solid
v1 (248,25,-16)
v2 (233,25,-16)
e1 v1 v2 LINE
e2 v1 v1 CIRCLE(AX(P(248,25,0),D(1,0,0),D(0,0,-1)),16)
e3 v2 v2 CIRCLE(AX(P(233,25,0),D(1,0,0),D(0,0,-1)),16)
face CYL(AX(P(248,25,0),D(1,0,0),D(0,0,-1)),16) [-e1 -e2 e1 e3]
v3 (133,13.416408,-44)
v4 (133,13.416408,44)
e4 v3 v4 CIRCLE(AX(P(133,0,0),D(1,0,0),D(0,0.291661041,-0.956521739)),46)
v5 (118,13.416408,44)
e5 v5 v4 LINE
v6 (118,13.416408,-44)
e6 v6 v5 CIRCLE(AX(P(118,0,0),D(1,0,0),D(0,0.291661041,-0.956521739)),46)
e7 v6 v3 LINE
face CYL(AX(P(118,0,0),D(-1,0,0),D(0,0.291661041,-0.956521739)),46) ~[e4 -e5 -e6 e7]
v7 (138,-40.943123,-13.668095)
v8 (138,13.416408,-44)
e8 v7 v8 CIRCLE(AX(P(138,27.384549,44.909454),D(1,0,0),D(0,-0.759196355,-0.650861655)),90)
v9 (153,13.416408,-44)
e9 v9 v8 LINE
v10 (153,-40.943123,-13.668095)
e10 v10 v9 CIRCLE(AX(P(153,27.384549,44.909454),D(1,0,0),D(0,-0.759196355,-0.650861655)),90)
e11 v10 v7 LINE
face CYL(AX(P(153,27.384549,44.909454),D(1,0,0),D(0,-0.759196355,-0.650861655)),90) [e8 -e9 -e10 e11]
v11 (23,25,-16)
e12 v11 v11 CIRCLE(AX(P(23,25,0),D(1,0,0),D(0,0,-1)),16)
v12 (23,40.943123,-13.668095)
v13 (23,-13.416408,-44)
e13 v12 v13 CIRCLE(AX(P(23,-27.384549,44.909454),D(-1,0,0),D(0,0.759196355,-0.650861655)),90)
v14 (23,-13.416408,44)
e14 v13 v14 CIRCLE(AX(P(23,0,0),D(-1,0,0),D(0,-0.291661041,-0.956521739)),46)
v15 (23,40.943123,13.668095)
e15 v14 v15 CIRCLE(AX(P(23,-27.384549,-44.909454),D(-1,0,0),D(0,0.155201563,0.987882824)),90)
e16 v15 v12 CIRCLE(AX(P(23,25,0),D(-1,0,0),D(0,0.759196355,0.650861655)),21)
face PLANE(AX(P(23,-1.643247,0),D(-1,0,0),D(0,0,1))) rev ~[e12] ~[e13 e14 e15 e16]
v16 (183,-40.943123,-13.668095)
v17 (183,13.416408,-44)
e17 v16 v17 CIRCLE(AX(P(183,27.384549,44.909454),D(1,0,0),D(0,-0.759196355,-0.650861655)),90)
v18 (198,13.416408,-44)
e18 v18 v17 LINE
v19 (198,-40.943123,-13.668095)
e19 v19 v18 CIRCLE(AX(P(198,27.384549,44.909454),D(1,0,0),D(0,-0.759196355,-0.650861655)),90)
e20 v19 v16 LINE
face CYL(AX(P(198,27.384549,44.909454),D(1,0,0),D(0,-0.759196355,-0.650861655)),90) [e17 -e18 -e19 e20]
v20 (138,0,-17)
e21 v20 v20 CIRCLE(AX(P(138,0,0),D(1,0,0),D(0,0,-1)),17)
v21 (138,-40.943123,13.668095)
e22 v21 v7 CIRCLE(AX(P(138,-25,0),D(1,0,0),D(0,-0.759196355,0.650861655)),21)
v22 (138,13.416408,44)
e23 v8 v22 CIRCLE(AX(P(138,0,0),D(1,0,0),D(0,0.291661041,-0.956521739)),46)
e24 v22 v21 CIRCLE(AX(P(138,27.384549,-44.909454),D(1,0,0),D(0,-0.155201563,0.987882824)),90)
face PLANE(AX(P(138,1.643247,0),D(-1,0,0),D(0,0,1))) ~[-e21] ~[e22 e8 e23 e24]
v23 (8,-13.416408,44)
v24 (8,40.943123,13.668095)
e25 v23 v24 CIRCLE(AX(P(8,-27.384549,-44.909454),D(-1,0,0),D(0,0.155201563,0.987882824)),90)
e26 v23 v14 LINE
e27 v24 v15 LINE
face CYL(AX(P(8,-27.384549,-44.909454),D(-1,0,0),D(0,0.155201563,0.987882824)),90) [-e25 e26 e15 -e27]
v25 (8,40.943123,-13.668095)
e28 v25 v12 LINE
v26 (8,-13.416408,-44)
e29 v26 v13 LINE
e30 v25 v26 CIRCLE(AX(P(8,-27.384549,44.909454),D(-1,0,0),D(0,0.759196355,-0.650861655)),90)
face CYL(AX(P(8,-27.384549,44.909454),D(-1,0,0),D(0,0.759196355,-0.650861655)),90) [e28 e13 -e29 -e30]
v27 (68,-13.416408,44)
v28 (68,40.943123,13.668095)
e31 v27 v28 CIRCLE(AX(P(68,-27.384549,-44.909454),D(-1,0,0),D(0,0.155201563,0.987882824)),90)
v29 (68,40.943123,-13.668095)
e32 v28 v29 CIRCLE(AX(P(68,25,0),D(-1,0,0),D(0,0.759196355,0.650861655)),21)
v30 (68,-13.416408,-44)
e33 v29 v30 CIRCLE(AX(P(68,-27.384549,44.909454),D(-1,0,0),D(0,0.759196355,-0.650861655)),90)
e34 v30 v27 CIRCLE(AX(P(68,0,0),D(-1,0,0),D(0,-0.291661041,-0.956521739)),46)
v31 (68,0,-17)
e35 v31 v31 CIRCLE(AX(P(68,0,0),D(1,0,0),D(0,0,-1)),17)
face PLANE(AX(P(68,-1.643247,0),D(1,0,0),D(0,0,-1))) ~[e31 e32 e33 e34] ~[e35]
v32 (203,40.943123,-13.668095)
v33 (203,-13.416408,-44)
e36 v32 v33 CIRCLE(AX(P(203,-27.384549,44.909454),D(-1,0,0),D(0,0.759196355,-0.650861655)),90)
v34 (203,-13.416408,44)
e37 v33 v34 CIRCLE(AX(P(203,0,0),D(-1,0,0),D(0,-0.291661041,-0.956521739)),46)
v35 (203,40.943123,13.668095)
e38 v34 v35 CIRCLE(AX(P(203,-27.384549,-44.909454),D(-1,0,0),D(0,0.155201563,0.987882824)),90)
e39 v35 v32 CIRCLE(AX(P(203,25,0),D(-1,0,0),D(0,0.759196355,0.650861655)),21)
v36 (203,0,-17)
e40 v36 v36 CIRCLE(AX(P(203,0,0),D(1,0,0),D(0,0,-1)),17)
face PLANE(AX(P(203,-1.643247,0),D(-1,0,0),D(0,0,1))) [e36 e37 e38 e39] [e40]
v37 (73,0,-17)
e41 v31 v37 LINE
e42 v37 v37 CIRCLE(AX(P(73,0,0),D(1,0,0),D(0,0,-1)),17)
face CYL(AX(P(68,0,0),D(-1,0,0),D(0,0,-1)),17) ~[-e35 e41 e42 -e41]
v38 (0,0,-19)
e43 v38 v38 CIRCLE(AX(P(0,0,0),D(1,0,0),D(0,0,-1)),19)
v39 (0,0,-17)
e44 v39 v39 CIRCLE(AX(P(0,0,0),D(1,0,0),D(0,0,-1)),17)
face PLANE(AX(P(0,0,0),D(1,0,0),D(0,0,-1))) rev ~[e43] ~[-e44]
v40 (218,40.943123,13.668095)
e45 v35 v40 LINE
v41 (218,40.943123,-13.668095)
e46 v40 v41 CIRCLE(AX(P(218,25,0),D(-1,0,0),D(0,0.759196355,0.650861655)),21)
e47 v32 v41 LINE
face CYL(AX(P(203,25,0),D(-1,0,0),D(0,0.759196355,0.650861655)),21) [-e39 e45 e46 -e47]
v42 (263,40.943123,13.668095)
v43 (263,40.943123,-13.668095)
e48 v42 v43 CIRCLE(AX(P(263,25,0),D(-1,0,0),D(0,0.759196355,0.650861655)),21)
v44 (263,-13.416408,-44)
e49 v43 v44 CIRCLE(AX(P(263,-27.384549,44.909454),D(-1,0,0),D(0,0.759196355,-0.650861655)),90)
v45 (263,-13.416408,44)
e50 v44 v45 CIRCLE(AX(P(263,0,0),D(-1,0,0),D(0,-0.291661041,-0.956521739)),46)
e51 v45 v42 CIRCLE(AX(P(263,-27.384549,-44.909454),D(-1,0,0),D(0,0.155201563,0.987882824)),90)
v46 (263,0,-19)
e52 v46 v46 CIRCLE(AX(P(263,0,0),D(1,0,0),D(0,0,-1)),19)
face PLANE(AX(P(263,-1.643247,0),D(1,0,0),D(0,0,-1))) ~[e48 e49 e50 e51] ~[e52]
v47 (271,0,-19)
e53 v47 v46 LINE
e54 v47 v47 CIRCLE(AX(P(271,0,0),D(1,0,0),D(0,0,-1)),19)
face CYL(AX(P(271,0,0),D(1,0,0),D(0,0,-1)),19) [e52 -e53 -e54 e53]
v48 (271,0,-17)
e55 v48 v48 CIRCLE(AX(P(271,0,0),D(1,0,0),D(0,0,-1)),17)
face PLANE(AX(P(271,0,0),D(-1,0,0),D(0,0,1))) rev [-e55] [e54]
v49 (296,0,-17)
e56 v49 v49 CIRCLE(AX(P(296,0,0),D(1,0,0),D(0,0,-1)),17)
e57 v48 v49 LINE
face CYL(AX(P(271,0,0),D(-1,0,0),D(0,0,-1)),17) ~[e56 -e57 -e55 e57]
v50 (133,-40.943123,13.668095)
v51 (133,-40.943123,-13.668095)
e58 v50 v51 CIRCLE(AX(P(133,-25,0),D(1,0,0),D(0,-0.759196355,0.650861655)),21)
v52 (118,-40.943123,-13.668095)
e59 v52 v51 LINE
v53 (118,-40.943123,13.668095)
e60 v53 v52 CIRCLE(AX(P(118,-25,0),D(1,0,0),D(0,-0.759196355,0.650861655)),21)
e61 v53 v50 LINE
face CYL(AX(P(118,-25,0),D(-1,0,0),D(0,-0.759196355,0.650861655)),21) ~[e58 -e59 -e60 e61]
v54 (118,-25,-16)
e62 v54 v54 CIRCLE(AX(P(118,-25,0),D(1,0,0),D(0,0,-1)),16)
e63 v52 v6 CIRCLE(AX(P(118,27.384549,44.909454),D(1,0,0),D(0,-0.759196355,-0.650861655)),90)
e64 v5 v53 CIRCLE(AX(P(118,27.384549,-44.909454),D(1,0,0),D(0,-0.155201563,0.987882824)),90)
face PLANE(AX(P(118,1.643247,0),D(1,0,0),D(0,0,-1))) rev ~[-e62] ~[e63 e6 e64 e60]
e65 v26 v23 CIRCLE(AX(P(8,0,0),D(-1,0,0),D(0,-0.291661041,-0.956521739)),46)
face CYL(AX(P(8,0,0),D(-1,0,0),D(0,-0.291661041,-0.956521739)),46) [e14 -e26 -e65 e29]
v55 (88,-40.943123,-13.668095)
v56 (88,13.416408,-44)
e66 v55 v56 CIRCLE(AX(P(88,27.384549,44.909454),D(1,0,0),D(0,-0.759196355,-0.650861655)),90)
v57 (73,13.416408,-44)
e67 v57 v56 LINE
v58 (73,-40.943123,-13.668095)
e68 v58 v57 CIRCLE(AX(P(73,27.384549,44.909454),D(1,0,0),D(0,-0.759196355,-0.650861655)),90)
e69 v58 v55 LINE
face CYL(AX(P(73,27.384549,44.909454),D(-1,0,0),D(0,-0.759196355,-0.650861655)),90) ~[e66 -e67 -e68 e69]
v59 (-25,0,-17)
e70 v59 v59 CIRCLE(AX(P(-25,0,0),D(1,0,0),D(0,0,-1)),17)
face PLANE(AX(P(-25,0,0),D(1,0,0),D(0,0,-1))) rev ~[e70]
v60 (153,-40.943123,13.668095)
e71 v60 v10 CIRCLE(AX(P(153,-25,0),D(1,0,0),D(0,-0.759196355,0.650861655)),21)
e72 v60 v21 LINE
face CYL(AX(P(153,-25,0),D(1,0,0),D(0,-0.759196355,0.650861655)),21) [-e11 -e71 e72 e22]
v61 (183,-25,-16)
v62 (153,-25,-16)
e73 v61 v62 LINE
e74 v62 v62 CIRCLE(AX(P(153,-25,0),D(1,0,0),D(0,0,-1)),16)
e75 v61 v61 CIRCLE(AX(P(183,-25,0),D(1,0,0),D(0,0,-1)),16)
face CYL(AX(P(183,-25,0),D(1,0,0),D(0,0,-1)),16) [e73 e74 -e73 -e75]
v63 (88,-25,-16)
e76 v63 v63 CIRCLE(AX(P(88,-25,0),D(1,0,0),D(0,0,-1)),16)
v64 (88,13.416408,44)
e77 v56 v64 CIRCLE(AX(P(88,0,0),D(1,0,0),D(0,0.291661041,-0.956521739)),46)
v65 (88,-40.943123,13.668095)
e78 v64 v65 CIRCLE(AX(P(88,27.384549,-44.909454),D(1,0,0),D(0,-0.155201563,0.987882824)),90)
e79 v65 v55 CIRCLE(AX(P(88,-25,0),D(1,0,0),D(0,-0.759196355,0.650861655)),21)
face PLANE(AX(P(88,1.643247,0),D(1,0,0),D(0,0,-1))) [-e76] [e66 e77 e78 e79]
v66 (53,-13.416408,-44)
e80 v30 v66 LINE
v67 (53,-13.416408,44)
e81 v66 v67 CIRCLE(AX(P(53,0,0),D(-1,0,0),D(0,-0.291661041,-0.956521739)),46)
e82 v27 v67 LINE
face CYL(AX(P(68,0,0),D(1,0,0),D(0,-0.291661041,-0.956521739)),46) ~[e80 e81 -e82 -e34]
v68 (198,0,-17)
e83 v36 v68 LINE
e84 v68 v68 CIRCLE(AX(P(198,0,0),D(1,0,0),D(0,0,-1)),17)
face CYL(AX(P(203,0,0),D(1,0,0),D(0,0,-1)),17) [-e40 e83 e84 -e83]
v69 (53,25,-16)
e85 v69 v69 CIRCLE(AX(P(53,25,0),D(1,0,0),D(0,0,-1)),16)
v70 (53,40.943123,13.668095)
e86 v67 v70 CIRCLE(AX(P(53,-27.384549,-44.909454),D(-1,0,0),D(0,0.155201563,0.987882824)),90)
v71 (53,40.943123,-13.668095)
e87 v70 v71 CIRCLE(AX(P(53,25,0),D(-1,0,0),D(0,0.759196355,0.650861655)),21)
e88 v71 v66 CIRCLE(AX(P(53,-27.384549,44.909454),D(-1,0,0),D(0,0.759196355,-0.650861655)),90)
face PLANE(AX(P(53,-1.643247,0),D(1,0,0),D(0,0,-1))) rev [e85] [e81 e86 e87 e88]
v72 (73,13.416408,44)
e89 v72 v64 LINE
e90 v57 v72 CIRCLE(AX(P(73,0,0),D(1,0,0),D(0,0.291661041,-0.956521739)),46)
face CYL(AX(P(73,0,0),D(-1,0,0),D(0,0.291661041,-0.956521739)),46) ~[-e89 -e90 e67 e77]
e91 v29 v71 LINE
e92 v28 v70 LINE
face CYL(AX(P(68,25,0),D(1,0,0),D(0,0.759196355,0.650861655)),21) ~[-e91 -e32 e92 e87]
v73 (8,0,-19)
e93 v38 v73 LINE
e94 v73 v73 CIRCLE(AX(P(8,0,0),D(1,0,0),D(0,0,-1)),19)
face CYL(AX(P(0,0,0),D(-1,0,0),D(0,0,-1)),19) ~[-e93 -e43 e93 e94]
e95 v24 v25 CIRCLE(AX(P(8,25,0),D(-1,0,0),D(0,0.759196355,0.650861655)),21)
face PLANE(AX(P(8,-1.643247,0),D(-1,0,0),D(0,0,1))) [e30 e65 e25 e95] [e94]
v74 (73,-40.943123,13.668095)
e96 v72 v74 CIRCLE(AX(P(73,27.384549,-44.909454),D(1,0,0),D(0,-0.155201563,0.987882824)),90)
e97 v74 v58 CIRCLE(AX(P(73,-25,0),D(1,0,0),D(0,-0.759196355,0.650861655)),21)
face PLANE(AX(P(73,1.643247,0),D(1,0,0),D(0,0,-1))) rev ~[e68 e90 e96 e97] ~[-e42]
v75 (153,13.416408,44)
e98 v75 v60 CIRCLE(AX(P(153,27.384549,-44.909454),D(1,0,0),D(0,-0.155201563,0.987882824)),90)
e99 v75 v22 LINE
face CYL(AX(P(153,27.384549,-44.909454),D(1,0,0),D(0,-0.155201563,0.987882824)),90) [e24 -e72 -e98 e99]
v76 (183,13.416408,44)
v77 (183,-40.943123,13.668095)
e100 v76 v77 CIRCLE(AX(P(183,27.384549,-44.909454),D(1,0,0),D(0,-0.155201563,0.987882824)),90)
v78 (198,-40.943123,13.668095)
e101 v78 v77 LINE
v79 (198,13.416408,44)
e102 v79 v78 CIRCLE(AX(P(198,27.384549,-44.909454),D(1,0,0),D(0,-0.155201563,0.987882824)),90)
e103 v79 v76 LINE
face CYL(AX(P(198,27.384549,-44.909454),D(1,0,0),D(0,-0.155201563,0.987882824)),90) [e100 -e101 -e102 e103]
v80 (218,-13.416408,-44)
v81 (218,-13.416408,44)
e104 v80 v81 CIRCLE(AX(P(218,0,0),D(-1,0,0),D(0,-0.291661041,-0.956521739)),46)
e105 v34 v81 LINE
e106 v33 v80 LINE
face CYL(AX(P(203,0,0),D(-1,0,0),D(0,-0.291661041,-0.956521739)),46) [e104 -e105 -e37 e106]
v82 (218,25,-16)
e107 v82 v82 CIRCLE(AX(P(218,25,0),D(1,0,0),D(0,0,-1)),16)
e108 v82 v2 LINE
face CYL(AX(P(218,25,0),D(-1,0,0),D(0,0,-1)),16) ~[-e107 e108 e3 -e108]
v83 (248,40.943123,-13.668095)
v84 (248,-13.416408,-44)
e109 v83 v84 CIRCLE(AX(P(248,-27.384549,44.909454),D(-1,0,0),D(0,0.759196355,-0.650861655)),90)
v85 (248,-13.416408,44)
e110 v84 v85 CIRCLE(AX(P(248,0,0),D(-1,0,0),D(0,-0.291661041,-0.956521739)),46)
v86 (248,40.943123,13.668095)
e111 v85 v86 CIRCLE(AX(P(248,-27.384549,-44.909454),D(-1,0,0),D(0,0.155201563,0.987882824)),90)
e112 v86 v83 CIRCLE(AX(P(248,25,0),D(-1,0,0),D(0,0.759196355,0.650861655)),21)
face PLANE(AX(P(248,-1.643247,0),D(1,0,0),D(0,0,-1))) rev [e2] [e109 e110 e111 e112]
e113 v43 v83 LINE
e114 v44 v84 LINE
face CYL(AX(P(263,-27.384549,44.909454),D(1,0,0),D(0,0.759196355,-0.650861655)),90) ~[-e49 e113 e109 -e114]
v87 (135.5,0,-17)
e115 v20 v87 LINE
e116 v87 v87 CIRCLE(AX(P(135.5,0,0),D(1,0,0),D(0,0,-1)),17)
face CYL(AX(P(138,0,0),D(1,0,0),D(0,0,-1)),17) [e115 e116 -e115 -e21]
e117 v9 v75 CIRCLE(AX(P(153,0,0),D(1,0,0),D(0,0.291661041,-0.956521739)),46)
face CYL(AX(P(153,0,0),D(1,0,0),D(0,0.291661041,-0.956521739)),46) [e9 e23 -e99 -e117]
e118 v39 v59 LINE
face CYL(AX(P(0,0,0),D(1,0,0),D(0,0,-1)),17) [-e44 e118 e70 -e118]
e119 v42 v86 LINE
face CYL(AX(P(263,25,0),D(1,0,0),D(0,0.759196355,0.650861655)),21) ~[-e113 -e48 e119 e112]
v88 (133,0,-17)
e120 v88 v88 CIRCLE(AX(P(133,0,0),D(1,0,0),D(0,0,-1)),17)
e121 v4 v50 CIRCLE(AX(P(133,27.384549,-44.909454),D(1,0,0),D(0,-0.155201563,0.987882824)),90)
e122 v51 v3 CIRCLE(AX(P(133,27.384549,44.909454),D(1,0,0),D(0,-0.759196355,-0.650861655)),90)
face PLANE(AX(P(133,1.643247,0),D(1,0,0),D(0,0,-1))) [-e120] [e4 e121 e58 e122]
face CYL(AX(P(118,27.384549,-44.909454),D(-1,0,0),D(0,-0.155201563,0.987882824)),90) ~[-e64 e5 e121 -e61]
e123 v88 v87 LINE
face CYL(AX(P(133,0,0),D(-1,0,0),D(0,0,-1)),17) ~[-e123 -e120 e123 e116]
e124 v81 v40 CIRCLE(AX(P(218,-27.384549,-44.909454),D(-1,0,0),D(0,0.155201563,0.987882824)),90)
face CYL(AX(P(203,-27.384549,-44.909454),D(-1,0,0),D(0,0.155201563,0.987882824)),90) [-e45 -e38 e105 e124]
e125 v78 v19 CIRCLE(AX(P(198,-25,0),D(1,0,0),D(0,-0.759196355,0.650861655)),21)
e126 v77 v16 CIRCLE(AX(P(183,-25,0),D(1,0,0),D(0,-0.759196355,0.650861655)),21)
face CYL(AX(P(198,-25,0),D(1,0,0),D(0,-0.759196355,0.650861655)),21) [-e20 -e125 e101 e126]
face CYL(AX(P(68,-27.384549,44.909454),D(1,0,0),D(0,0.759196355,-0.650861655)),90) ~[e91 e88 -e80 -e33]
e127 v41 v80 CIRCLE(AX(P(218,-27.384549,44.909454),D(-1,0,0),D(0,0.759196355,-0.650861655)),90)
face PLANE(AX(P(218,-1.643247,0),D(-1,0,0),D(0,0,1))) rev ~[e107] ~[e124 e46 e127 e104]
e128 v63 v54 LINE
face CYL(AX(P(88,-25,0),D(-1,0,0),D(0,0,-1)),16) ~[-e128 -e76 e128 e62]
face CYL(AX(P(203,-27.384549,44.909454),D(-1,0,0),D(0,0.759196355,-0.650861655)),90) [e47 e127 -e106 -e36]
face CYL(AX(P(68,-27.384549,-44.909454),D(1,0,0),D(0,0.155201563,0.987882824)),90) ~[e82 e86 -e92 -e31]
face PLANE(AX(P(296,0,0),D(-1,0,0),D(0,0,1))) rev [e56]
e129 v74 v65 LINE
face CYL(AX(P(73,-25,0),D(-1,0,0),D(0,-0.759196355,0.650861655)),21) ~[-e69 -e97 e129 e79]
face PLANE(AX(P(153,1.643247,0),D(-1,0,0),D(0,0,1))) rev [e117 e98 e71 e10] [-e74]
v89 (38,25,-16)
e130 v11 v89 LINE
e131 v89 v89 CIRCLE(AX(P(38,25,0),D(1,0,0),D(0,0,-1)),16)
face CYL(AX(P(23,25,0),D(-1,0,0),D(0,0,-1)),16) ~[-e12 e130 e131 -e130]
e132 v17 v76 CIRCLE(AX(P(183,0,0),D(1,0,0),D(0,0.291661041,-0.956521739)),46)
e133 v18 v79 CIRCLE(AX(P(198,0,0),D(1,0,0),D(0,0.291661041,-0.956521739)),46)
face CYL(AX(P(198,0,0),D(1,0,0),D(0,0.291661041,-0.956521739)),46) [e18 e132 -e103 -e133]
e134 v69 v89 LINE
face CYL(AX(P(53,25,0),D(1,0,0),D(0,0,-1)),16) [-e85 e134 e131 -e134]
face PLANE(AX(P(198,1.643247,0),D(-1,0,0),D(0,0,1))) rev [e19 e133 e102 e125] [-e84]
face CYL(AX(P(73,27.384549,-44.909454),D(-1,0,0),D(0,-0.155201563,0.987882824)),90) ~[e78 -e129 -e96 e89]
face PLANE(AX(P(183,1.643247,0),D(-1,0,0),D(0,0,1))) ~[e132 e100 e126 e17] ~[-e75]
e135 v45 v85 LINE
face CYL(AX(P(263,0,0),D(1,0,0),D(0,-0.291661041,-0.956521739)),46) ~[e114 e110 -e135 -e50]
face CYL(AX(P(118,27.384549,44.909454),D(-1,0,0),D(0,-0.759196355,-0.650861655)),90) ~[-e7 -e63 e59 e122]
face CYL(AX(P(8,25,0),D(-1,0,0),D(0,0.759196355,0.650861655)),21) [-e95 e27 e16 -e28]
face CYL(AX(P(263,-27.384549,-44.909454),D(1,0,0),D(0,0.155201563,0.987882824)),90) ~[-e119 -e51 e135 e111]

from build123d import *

# Parameters (mm, degrees)
SKETCH1_R           = 17
BOSS_EXTRUDE1_DEPTH = 25
SKETCH1_3_R         = 19
BOSS_EXTRUDE2_DEPTH = 8
BOSS_EXTRUDE3_DEPTH = 15
SKETCH3_R           = 16
BOSS_EXTRUDE4_DEPTH = 15
SKETCH4_R           = 17
BOSS_EXTRUDE5_DEPTH = 5
BOSS_EXTRUDE6_DEPTH = 15
SKETCH6_R           = 16
BOSS_EXTRUDE7_DEPTH = 30
BOSS_EXTRUDE8_DEPTH = 15
SKETCH8_R           = 17
BOSS_EXTRUDE9_DEPTH = 2.5


with BuildPart() as part:
    # Sketch1 → Boss-Extrude1 (new body)
    with BuildSketch(Plane(origin=(0, 0, 0), x_dir=(0, 0, -1), z_dir=(1, 0, 0))):
        Circle(SKETCH1_R)
    extrude(amount=-BOSS_EXTRUDE1_DEPTH)

    # Sketch1_3 → Boss-Extrude2 (add)
    with BuildSketch(Plane(origin=(0, 0, 0), x_dir=(0, 0, -1), z_dir=(1, 0, 0))):
        Circle(SKETCH1_3_R)
    extrude(amount=BOSS_EXTRUDE2_DEPTH)

    # Sketch2 → Boss-Extrude3 (add)
    with BuildSketch(Plane(origin=(8, 0, 0), x_dir=(0, 0, -1), z_dir=(1, 0, 0))):
        with BuildLine():
            ThreePointArc((-13.668094758, 40.943123461), (0, 46), (13.668094758, 40.943123461))
            ThreePointArc((13.668094758, 40.943123461), (33.683444249, 16.469257624), (44, -13.416407865))
            ThreePointArc((44, -13.416407865), (0, -46), (-44, -13.416407865))
            ThreePointArc((-44, -13.416407865), (-33.683444249, 16.469257624), (-13.668094758, 40.943123461))
        make_face()
    boss_extrude3 = extrude(amount=BOSS_EXTRUDE3_DEPTH)

    # Sketch3 → Boss-Extrude4 (add)
    with BuildSketch(Plane(origin=(23, 0, 0), x_dir=(0, 0, -1), z_dir=(1, 0, 0))):
        with Locations((0, 25)):
            Circle(SKETCH3_R)
    boss_extrude4 = extrude(amount=BOSS_EXTRUDE4_DEPTH)

    # Mirror1: Boss-Extrude3, Boss-Extrude4 across plane
    add(boss_extrude3.mirror(Plane(origin=(38, 25, 0), x_dir=(0, 0, 1), z_dir=(1, 0, 0))))
    add(boss_extrude4.mirror(Plane(origin=(38, 25, 0), x_dir=(0, 0, 1), z_dir=(1, 0, 0))))

    # Sketch4 → Boss-Extrude5 (add)
    with BuildSketch(Plane(origin=(68, 0, 0), x_dir=(0, 0, -1), z_dir=(1, 0, 0))):
        Circle(SKETCH4_R)
    extrude(amount=BOSS_EXTRUDE5_DEPTH)

    # Sketch5 → Boss-Extrude6 (add)
    with BuildSketch(Plane(origin=(73, 0, 0), x_dir=(0, 0, -1), z_dir=(1, 0, 0))):
        with BuildLine():
            ThreePointArc((-13.668094758, -40.943123461), (0, -46), (13.668094758, -40.943123461))
            ThreePointArc((13.668094758, -40.943123461), (33.683444249, -16.469257624), (44, 13.416407865))
            ThreePointArc((44, 13.416407865), (0, 46), (-44, 13.416407865))
            ThreePointArc((-44, 13.416407865), (-33.683444249, -16.469257624), (-13.668094758, -40.943123461))
        make_face()
    extrude(amount=BOSS_EXTRUDE6_DEPTH)

    # Sketch6 → Boss-Extrude7 (add)
    with BuildSketch(Plane(origin=(88, 0, 0), x_dir=(0, 0, -1), z_dir=(1, 0, 0))):
        with Locations((0, -25)):
            Circle(SKETCH6_R)
    extrude(amount=BOSS_EXTRUDE7_DEPTH)

    # Sketch7 → Boss-Extrude8 (add)
    with BuildSketch(Plane(origin=(118, 0, 0), x_dir=(0, 0, -1), z_dir=(1, 0, 0))):
        with BuildLine():
            ThreePointArc((-13.668094758, -40.943123461), (0, -46), (13.668094758, -40.943123461))
            ThreePointArc((13.668094758, -40.943123461), (33.683444249, -16.469257624), (44, 13.416407865))
            ThreePointArc((44, 13.416407865), (0, 46), (-44, 13.416407865))
            ThreePointArc((-44, 13.416407865), (-33.683444249, -16.469257624), (-13.668094758, -40.943123461))
        make_face()
    extrude(amount=BOSS_EXTRUDE8_DEPTH)

    # Sketch8 → Boss-Extrude9 (add)
    with BuildSketch(Plane(origin=(133, 0, 0), x_dir=(0, 0, -1), z_dir=(1, 0, 0))):
        Circle(SKETCH8_R)
    extrude(amount=BOSS_EXTRUDE9_DEPTH)

    # Mirror2: part across plane


with BuildPart() as part_1:
    add(part.part)
    add(part.part.mirror(Plane(origin=(135.5, 0, 0), x_dir=(0, 0, 1), z_dir=(1, 0, 0))))


solid = part_1.part
